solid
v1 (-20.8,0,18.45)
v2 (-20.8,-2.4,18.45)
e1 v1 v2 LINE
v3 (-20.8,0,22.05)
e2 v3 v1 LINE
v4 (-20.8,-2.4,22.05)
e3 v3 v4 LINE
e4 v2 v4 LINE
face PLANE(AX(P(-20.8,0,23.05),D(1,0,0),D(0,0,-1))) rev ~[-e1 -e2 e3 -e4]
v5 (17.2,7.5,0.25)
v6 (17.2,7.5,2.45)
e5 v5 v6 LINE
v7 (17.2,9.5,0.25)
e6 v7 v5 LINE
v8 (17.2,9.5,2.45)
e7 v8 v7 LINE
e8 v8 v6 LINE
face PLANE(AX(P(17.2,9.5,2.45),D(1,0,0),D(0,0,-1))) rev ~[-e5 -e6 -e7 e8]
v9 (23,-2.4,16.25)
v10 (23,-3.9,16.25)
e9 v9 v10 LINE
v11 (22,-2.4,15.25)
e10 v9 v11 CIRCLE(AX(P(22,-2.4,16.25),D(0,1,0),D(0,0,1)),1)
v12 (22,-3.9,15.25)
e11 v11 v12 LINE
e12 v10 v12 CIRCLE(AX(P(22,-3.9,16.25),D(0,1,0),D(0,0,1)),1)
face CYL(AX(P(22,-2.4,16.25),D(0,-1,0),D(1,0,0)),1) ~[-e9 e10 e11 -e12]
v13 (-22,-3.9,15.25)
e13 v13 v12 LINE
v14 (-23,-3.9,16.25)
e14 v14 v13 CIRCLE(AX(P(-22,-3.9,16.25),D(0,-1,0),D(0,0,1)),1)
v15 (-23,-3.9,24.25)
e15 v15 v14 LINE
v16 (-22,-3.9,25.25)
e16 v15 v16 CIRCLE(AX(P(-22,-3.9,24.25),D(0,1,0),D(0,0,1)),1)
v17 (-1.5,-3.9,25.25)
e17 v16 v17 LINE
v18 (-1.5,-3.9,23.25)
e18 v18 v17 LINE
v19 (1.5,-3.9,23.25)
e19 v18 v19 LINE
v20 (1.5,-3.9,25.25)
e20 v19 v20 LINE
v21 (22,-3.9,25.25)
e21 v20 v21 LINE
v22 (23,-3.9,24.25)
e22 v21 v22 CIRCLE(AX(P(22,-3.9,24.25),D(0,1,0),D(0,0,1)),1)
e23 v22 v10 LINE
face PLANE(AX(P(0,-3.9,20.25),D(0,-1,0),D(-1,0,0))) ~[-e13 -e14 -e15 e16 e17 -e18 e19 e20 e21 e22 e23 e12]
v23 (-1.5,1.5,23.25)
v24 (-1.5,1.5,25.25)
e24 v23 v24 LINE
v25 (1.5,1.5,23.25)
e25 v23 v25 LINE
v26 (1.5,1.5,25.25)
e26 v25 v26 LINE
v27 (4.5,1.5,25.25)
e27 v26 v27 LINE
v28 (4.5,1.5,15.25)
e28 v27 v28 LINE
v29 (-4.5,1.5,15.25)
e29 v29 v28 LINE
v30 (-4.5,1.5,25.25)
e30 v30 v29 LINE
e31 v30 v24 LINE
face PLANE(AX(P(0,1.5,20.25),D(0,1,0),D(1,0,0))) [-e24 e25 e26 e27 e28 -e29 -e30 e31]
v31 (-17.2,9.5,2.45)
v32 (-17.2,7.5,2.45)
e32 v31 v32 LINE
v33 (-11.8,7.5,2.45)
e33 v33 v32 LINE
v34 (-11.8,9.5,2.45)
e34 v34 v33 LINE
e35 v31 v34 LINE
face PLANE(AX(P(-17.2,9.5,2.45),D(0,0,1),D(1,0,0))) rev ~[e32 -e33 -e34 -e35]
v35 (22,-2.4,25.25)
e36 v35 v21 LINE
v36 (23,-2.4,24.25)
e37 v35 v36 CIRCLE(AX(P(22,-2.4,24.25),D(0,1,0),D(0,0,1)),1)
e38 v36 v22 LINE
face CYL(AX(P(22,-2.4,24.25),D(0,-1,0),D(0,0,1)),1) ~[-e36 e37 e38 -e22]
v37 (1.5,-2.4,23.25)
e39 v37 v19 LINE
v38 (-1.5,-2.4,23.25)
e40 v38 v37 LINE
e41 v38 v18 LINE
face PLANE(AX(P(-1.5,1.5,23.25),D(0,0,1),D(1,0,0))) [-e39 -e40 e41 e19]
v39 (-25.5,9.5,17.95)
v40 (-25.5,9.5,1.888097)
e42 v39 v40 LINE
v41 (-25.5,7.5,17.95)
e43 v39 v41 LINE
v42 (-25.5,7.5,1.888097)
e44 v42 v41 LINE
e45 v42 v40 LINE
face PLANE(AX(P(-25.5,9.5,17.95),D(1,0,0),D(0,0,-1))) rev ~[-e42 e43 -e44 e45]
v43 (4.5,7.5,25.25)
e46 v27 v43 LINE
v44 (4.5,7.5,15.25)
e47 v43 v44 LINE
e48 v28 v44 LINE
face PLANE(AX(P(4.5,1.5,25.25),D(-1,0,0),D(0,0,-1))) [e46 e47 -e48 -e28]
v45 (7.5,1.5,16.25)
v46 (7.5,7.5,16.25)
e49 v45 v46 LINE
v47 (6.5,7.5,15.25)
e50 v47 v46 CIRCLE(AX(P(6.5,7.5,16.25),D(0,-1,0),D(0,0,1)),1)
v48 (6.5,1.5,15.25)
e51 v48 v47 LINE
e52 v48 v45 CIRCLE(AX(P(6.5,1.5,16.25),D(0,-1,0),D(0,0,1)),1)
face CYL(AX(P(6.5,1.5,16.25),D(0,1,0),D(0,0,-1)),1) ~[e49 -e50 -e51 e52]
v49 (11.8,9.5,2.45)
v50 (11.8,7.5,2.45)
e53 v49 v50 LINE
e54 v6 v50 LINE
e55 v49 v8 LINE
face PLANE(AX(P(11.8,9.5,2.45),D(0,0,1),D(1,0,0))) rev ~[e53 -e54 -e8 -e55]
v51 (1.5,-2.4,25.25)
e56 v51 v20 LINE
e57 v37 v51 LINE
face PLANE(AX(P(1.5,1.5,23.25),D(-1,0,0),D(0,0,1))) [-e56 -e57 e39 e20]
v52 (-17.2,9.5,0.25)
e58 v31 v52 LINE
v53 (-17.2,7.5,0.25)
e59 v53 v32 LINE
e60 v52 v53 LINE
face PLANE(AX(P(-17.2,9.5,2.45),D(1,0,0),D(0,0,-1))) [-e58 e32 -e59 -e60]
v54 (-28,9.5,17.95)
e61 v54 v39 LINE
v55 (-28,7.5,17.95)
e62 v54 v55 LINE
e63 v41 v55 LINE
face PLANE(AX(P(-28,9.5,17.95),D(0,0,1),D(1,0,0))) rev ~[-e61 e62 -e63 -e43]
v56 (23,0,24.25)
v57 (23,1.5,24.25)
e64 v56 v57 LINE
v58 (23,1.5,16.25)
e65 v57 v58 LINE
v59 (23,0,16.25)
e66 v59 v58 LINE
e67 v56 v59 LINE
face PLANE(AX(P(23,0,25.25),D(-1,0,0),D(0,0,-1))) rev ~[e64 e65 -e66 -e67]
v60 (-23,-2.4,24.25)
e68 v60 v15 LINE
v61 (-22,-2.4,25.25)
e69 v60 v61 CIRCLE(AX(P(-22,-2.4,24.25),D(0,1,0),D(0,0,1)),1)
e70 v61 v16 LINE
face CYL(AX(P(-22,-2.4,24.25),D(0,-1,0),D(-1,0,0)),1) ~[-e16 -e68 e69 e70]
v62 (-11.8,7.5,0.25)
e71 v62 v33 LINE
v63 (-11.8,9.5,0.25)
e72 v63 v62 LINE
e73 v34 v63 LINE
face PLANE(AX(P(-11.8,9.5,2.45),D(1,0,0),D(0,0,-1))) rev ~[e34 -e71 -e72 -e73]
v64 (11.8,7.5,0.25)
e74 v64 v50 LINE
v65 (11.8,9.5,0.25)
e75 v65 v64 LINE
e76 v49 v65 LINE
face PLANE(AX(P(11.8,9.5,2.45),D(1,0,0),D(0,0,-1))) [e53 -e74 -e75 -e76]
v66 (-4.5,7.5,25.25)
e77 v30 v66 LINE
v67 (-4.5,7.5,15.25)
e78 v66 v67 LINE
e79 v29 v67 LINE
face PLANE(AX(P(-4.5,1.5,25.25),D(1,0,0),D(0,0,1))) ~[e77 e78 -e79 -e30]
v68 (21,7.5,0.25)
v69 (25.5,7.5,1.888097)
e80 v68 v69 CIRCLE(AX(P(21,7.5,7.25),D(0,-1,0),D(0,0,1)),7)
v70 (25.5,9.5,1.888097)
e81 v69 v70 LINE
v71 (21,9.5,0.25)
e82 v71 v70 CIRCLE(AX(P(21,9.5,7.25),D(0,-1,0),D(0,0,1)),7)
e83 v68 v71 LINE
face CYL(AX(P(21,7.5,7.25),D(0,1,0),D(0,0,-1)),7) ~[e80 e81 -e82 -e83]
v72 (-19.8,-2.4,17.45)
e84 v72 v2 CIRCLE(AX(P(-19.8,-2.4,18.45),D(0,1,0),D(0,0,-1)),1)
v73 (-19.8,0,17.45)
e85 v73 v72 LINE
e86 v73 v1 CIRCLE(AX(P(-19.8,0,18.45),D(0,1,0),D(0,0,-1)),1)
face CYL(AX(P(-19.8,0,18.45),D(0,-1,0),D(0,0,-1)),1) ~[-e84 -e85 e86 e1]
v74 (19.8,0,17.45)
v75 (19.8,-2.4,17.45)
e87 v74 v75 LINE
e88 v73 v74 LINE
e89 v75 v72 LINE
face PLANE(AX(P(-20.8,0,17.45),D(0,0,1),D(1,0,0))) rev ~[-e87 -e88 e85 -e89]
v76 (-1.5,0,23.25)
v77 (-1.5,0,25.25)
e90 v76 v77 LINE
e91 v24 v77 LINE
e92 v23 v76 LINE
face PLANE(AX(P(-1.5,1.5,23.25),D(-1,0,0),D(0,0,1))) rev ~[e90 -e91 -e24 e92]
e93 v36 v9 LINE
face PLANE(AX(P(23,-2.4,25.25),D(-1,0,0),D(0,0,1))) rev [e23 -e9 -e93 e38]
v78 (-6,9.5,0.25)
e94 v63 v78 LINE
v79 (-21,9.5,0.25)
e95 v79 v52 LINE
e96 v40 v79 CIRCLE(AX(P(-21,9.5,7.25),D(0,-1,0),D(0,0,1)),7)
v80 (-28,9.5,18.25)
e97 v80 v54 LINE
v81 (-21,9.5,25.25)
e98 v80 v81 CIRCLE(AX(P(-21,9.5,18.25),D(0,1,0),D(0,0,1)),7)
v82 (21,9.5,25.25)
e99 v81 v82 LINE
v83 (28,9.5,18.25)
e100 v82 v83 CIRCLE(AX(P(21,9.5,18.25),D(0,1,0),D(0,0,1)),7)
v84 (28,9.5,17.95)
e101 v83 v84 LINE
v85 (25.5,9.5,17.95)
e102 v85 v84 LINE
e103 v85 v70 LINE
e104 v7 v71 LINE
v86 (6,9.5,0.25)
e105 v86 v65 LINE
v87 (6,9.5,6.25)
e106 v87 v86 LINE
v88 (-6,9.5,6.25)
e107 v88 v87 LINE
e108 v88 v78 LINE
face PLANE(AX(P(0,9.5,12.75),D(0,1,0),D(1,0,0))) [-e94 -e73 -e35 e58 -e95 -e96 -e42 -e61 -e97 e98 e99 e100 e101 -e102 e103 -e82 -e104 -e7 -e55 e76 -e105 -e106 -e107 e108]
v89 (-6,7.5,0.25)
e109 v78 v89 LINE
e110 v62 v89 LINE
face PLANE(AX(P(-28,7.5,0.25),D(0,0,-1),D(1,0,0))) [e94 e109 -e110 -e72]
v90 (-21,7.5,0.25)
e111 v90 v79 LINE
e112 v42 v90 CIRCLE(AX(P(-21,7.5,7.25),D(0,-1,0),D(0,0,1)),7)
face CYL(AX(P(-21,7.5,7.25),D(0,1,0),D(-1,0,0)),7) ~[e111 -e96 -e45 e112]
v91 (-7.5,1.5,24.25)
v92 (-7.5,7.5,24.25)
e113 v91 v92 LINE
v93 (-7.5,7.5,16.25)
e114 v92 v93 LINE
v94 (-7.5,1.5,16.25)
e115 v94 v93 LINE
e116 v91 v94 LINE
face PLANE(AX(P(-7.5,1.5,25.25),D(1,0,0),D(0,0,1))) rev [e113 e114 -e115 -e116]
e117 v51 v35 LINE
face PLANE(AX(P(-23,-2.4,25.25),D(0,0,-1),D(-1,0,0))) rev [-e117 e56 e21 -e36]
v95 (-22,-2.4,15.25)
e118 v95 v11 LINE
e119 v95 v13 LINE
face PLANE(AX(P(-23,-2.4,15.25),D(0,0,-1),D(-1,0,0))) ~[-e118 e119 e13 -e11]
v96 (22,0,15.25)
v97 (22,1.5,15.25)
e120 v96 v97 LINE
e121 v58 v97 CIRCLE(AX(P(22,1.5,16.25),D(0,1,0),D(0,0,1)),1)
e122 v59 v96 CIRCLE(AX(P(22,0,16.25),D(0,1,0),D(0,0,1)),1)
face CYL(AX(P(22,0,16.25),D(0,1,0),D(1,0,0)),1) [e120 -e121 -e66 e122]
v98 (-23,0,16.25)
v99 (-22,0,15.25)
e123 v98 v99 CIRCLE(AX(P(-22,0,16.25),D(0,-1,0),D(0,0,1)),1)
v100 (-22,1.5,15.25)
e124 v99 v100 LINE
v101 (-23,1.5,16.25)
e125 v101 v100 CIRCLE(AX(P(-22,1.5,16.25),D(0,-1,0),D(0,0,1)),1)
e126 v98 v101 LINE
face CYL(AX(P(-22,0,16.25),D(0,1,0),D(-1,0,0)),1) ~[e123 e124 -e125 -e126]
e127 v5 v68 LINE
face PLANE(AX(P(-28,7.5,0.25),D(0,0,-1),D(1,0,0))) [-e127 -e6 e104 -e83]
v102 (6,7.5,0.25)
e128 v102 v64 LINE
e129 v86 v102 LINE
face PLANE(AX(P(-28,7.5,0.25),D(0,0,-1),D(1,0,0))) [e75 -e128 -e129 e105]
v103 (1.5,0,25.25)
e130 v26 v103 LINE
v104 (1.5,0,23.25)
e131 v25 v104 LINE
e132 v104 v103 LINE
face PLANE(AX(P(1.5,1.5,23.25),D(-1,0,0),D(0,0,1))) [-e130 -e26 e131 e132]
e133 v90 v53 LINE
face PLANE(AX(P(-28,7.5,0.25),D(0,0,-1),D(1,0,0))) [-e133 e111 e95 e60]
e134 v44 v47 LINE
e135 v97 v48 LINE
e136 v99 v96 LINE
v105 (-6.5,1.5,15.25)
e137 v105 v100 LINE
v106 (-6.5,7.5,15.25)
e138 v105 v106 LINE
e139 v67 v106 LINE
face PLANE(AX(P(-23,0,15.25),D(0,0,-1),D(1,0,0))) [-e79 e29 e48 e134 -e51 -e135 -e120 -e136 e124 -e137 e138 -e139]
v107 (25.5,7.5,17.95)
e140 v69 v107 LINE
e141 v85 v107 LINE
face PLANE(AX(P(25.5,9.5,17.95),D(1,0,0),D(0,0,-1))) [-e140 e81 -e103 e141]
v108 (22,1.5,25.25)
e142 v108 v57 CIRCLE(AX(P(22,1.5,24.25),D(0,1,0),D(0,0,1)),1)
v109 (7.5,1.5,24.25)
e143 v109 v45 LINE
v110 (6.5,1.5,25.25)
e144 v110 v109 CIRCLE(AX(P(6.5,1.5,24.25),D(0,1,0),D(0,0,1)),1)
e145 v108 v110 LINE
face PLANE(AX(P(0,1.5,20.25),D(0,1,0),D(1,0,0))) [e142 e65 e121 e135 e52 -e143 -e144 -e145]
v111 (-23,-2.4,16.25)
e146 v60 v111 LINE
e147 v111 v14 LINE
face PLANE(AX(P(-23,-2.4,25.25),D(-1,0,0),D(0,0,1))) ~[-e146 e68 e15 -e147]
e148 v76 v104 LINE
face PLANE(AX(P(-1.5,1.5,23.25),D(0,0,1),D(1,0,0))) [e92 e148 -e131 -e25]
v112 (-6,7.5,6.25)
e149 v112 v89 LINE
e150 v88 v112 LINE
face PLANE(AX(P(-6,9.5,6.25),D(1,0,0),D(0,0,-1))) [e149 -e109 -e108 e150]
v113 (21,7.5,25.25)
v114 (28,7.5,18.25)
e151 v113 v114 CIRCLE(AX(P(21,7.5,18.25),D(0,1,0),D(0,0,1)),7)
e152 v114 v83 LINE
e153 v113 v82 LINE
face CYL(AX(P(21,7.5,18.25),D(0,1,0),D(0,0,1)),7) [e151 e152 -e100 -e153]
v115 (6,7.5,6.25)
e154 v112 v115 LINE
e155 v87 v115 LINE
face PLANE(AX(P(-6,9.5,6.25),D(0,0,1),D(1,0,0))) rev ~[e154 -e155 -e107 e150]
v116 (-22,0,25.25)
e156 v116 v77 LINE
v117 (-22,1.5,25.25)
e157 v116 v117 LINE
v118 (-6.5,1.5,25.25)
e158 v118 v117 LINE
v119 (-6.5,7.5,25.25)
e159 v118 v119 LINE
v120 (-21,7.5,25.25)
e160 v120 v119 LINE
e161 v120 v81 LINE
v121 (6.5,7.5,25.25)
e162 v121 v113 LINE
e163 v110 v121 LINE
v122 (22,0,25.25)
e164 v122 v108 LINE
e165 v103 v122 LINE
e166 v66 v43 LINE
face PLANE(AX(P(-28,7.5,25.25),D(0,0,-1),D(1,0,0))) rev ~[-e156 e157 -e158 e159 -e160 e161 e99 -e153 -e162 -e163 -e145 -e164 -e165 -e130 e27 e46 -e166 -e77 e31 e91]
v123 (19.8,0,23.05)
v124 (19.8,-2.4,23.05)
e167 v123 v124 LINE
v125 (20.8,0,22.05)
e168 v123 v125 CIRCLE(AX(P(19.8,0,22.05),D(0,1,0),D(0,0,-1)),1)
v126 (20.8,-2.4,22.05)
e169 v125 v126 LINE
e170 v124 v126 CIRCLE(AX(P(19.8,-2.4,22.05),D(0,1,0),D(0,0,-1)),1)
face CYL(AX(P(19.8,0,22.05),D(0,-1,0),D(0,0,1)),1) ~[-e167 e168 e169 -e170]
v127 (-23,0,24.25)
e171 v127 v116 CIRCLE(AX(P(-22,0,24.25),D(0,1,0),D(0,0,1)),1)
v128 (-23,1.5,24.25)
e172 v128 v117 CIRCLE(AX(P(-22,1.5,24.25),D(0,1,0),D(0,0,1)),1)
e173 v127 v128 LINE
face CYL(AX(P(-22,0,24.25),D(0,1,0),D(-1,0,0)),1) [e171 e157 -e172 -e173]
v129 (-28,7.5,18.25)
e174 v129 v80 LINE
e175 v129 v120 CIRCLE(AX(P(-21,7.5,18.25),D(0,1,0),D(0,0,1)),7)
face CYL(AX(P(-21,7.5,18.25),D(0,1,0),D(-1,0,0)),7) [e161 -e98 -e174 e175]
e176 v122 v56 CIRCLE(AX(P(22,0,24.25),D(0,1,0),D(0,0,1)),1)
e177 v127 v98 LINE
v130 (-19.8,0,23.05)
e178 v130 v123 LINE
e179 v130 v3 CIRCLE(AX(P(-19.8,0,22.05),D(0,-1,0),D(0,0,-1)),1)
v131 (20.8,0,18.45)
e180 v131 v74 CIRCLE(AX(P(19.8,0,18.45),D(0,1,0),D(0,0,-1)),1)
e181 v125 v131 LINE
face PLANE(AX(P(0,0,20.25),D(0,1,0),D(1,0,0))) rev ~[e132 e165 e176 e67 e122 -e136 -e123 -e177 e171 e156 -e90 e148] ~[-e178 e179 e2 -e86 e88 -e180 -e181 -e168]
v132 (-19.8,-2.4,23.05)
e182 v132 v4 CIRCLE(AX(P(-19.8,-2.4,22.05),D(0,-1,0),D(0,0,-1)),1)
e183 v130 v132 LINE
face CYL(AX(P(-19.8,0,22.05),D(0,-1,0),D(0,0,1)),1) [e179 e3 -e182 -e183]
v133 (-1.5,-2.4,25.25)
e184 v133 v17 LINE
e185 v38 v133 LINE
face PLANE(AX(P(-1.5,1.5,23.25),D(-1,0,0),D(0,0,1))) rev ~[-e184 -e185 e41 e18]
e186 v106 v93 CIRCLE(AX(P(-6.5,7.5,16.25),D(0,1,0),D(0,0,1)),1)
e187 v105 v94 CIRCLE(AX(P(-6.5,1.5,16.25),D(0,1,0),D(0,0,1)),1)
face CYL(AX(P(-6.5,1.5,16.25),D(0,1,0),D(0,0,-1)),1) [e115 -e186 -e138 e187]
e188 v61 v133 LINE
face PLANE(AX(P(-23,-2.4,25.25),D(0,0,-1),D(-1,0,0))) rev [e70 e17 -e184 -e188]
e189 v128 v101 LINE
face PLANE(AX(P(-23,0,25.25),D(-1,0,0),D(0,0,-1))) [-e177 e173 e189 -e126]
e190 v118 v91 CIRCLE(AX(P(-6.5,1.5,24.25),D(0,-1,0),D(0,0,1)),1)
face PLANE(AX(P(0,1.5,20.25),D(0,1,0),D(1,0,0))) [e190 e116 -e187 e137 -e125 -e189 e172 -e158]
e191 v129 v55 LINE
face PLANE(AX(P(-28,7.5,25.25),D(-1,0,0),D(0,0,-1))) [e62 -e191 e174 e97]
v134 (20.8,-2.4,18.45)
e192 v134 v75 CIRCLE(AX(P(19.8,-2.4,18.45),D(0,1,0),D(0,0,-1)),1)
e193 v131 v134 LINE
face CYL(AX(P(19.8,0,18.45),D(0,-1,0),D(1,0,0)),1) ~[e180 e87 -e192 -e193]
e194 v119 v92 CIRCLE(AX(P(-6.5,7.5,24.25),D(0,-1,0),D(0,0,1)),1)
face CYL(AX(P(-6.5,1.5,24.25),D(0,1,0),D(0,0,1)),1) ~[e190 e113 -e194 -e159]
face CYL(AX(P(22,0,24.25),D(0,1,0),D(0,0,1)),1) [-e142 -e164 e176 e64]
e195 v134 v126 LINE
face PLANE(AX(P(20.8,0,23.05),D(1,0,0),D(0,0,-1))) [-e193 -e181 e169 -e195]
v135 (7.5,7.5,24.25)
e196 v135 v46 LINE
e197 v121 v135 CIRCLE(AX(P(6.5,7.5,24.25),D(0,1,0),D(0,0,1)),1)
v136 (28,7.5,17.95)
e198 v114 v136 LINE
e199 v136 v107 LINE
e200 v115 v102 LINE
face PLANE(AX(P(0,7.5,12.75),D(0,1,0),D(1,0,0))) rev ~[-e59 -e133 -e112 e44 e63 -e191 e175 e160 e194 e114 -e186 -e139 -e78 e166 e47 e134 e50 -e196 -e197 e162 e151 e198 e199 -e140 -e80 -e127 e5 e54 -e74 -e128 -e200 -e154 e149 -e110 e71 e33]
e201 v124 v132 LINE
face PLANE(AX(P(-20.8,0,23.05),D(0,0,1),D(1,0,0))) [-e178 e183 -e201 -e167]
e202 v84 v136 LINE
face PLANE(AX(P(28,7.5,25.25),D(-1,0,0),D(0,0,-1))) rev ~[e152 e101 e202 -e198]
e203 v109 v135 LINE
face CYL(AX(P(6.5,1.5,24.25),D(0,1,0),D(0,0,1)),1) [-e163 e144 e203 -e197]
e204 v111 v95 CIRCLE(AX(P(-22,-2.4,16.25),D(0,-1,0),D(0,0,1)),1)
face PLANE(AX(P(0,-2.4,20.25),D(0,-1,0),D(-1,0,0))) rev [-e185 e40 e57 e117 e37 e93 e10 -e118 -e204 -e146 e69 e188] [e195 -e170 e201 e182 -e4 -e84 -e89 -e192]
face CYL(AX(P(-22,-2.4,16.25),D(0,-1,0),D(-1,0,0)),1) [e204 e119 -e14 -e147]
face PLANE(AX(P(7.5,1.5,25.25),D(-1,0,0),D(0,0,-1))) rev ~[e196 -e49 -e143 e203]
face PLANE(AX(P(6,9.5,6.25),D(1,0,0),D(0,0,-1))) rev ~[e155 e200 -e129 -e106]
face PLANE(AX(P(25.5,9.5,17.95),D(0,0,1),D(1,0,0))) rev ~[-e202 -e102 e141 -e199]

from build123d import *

# Parameters (mm, degrees)
SKETCH1_W           = 46
SKETCH1_H           = 10
BOSS_EXTRUDE1_DEPTH = 1.5
FILLET6_R           = 1
BOSS_EXTRUDE2_REACH = 36.377
SKETCH2_W           = 41.6
SKETCH2_H           = 5.6
SKETCH8_W           = 3
SKETCH8_H           = 10
BOSS_EXTRUDE7_DEPTH = 6
FILLET1_R           = 1
FILLET4_R           = 1
SKETCH4_W           = 56
SKETCH4_H           = 25
BOSS_EXTRUDE5_DEPTH = 2
FILLET7_R           = 7
SKETCH6_W           = 12
SKETCH6_H           = 6
CUT_EXTRUDE1_DEPTH  = 41.014028534
CUT_EXTRUDE2_REACH  = 42.014
SKETCH9_W           = 2.5
SKETCH9_H           = 25
CUT_EXTRUDE3_REACH  = 42.014
SKETCH10_W          = 5.4
SKETCH10_H          = 2.2
SKETCH_1_W          = 3
SKETCH_1_H          = 2
CUT_EXTRUDE_1_DEPTH = 39.542995207


with BuildPart() as part:
    # Sketch1 → Boss-Extrude1 (new body)
    with BuildSketch(Plane(origin=(0, 0, 0), x_dir=(1, 0, 0), z_dir=(0, 1, 0))):
        with Locations((0, -20.249999594)):
            Rectangle(SKETCH1_W, SKETCH1_H)
    extrude(amount=BOSS_EXTRUDE1_DEPTH)

    # Fillet6
    fillet6_edges = [part.edges().sort_by_distance(p)[0] for p in [
        (23, 0.75, 25.249999594),
        (-23, 0.75, 25.249999594),
        (-23, 0.75, 15.249999594),
        (23, 0.75, 15.249999594),
    ]]
    fillet(fillet6_edges, radius=FILLET6_R)


with BuildPart() as body_2:
    # Mirror2: mirrored copy
    add(part.part.mirror(Plane.ZX.offset(-1.2)))

    # Sketch2 → Boss-Extrude2 (add, up to next)
    with BuildSketch(Plane(origin=(0, 0, 0), x_dir=(1, 0, 0), z_dir=(0, 1, 0)), mode=Mode.PRIVATE) as boss_extrude2_sk1:
        with Locations((0, -20.249999594)):
            Rectangle(SKETCH2_W, SKETCH2_H)
    boss_extrude2_tool1 = extrude(boss_extrude2_sk1.sketch, amount=-BOSS_EXTRUDE2_REACH, mode=Mode.PRIVATE) - body_2.part

    add(part.part)  # Boss-Extrude2 merges part
    add(boss_extrude2_tool1.solids().sort_by_distance((0, 0, 20.25))[0])

    # Sketch8 → Boss-Extrude7 (add)
    with BuildSketch(Plane(origin=(0, 1.5, 0), x_dir=(1, 0, 0), z_dir=(0, 1, 0))):
        with Locations((6, -20.249999594)):
            Rectangle(SKETCH8_W, SKETCH8_H)
    extrude(amount=BOSS_EXTRUDE7_DEPTH)

    # Mirror4: body 2 across plane


with BuildPart() as body_2_1:
    add(body_2.part)
    add(body_2.part.mirror(Plane(origin=(0, 0, 0), x_dir=(0, 0, 1), z_dir=(1, 0, 0))))

    # Fillet1
    fillet1_edges = [body_2_1.edges().sort_by_distance(p)[0] for p in [
        (-20.8, -1.2, 17.449999594),
        (20.8, -1.2, 17.449999594),
        (-20.8, -1.2, 23.049999594),
        (20.8, -1.2, 23.049999594),
    ]]
    fillet(fillet1_edges, radius=FILLET1_R)

    # Fillet4
    fillet4_edges = [body_2_1.edges().sort_by_distance(p)[0] for p in [
        (-7.5, 4.5, 15.249999594),
        (7.5, 4.5, 25.249999594),
        (7.5, 4.5, 15.249999594),
        (-7.5, 4.5, 25.249999594),
    ]]
    fillet(fillet4_edges, radius=FILLET4_R)

    # Sketch4 → Boss-Extrude5 (add)
    with BuildSketch(Plane(origin=(0, 7.5, 0), x_dir=(1, 0, 0), z_dir=(0, 1, 0))):
        with Locations((0, -12.749999594)):
            Rectangle(SKETCH4_W, SKETCH4_H)
    extrude(amount=BOSS_EXTRUDE5_DEPTH)

    # Fillet7
    fillet7_edges = [body_2_1.edges().sort_by_distance(p)[0] for p in [
        (-28, 8.5, 0.249999594),
        (-28, 8.5, 25.249999594),
        (28, 8.5, 25.249999594),
        (28, 8.5, 0.249999594),
    ]]
    fillet(fillet7_edges, radius=FILLET7_R)

    # Sketch6 → Cut-Extrude1 (cut, through all)
    with BuildSketch(Plane(origin=(0, 9.5, 0), x_dir=(1, 0, 0), z_dir=(0, 1, 0))):
        with Locations((0, -3.249999594)):
            Rectangle(SKETCH6_W, SKETCH6_H)
    extrude(amount=-CUT_EXTRUDE1_DEPTH, mode=Mode.SUBTRACT)

    # Sketch9 → Cut-Extrude2 (cut, up to next)
    with BuildSketch(Plane(origin=(0, 9.5, 0), x_dir=(1, 0, 0), z_dir=(0, 1, 0)), mode=Mode.PRIVATE) as cut_extrude2_sk1:
        with Locations((-26.75, -5.449999594)):
            Rectangle(SKETCH9_W, SKETCH9_H)
    cut_extrude2_tool1 = extrude(cut_extrude2_sk1.sketch, amount=-CUT_EXTRUDE2_REACH, mode=Mode.PRIVATE) & body_2_1.part
    # Sketch9 → Cut-Extrude2 (cut, up to next)
    with BuildSketch(Plane(origin=(0, 9.5, 0), x_dir=(1, 0, 0), z_dir=(0, 1, 0)), mode=Mode.PRIVATE) as cut_extrude2_sk2:
        with Locations((26.75, -5.449999594)):
            Rectangle(SKETCH9_W, SKETCH9_H)
    cut_extrude2_tool2 = extrude(cut_extrude2_sk2.sketch, amount=-CUT_EXTRUDE2_REACH, mode=Mode.PRIVATE) & body_2_1.part
    add(cut_extrude2_tool1.solids().sort_by_distance((-26.75, 9.5, 5.45))[0], mode=Mode.SUBTRACT)
    add(cut_extrude2_tool2.solids().sort_by_distance((26.75, 9.5, 5.45))[0], mode=Mode.SUBTRACT)

    # Sketch10 → Cut-Extrude3 (cut, up to next)
    with BuildSketch(Plane(origin=(0, 9.5, 0), x_dir=(1, 0, 0), z_dir=(0, 1, 0)), mode=Mode.PRIVATE) as cut_extrude3_sk1:
        with Locations((14.5, -1.349999594)):
            Rectangle(SKETCH10_W, SKETCH10_H)
    cut_extrude3_tool1 = extrude(cut_extrude3_sk1.sketch, amount=-CUT_EXTRUDE3_REACH, mode=Mode.PRIVATE) & body_2_1.part
    # Sketch10 → Cut-Extrude3 (cut, up to next)
    with BuildSketch(Plane(origin=(0, 9.5, 0), x_dir=(1, 0, 0), z_dir=(0, 1, 0)), mode=Mode.PRIVATE) as cut_extrude3_sk2:
        with Locations((-14.5, -1.349999594)):
            Rectangle(SKETCH10_W, SKETCH10_H)
    cut_extrude3_tool2 = extrude(cut_extrude3_sk2.sketch, amount=-CUT_EXTRUDE3_REACH, mode=Mode.PRIVATE) & body_2_1.part
    add(cut_extrude3_tool1.solids().sort_by_distance((14.5, 9.5, 1.35))[0], mode=Mode.SUBTRACT)
    add(cut_extrude3_tool2.solids().sort_by_distance((-14.5, 9.5, 1.35))[0], mode=Mode.SUBTRACT)

    # Эскиз1 → Вырез-Вытянуть1 (cut, through all)
    with BuildSketch(Plane.XZ.offset(-1.5)):
        with Locations((0, 24.249999594)):
            Rectangle(SKETCH_1_W, SKETCH_1_H)
    extrude(amount=CUT_EXTRUDE_1_DEPTH, mode=Mode.SUBTRACT)


solid = body_2_1.part
